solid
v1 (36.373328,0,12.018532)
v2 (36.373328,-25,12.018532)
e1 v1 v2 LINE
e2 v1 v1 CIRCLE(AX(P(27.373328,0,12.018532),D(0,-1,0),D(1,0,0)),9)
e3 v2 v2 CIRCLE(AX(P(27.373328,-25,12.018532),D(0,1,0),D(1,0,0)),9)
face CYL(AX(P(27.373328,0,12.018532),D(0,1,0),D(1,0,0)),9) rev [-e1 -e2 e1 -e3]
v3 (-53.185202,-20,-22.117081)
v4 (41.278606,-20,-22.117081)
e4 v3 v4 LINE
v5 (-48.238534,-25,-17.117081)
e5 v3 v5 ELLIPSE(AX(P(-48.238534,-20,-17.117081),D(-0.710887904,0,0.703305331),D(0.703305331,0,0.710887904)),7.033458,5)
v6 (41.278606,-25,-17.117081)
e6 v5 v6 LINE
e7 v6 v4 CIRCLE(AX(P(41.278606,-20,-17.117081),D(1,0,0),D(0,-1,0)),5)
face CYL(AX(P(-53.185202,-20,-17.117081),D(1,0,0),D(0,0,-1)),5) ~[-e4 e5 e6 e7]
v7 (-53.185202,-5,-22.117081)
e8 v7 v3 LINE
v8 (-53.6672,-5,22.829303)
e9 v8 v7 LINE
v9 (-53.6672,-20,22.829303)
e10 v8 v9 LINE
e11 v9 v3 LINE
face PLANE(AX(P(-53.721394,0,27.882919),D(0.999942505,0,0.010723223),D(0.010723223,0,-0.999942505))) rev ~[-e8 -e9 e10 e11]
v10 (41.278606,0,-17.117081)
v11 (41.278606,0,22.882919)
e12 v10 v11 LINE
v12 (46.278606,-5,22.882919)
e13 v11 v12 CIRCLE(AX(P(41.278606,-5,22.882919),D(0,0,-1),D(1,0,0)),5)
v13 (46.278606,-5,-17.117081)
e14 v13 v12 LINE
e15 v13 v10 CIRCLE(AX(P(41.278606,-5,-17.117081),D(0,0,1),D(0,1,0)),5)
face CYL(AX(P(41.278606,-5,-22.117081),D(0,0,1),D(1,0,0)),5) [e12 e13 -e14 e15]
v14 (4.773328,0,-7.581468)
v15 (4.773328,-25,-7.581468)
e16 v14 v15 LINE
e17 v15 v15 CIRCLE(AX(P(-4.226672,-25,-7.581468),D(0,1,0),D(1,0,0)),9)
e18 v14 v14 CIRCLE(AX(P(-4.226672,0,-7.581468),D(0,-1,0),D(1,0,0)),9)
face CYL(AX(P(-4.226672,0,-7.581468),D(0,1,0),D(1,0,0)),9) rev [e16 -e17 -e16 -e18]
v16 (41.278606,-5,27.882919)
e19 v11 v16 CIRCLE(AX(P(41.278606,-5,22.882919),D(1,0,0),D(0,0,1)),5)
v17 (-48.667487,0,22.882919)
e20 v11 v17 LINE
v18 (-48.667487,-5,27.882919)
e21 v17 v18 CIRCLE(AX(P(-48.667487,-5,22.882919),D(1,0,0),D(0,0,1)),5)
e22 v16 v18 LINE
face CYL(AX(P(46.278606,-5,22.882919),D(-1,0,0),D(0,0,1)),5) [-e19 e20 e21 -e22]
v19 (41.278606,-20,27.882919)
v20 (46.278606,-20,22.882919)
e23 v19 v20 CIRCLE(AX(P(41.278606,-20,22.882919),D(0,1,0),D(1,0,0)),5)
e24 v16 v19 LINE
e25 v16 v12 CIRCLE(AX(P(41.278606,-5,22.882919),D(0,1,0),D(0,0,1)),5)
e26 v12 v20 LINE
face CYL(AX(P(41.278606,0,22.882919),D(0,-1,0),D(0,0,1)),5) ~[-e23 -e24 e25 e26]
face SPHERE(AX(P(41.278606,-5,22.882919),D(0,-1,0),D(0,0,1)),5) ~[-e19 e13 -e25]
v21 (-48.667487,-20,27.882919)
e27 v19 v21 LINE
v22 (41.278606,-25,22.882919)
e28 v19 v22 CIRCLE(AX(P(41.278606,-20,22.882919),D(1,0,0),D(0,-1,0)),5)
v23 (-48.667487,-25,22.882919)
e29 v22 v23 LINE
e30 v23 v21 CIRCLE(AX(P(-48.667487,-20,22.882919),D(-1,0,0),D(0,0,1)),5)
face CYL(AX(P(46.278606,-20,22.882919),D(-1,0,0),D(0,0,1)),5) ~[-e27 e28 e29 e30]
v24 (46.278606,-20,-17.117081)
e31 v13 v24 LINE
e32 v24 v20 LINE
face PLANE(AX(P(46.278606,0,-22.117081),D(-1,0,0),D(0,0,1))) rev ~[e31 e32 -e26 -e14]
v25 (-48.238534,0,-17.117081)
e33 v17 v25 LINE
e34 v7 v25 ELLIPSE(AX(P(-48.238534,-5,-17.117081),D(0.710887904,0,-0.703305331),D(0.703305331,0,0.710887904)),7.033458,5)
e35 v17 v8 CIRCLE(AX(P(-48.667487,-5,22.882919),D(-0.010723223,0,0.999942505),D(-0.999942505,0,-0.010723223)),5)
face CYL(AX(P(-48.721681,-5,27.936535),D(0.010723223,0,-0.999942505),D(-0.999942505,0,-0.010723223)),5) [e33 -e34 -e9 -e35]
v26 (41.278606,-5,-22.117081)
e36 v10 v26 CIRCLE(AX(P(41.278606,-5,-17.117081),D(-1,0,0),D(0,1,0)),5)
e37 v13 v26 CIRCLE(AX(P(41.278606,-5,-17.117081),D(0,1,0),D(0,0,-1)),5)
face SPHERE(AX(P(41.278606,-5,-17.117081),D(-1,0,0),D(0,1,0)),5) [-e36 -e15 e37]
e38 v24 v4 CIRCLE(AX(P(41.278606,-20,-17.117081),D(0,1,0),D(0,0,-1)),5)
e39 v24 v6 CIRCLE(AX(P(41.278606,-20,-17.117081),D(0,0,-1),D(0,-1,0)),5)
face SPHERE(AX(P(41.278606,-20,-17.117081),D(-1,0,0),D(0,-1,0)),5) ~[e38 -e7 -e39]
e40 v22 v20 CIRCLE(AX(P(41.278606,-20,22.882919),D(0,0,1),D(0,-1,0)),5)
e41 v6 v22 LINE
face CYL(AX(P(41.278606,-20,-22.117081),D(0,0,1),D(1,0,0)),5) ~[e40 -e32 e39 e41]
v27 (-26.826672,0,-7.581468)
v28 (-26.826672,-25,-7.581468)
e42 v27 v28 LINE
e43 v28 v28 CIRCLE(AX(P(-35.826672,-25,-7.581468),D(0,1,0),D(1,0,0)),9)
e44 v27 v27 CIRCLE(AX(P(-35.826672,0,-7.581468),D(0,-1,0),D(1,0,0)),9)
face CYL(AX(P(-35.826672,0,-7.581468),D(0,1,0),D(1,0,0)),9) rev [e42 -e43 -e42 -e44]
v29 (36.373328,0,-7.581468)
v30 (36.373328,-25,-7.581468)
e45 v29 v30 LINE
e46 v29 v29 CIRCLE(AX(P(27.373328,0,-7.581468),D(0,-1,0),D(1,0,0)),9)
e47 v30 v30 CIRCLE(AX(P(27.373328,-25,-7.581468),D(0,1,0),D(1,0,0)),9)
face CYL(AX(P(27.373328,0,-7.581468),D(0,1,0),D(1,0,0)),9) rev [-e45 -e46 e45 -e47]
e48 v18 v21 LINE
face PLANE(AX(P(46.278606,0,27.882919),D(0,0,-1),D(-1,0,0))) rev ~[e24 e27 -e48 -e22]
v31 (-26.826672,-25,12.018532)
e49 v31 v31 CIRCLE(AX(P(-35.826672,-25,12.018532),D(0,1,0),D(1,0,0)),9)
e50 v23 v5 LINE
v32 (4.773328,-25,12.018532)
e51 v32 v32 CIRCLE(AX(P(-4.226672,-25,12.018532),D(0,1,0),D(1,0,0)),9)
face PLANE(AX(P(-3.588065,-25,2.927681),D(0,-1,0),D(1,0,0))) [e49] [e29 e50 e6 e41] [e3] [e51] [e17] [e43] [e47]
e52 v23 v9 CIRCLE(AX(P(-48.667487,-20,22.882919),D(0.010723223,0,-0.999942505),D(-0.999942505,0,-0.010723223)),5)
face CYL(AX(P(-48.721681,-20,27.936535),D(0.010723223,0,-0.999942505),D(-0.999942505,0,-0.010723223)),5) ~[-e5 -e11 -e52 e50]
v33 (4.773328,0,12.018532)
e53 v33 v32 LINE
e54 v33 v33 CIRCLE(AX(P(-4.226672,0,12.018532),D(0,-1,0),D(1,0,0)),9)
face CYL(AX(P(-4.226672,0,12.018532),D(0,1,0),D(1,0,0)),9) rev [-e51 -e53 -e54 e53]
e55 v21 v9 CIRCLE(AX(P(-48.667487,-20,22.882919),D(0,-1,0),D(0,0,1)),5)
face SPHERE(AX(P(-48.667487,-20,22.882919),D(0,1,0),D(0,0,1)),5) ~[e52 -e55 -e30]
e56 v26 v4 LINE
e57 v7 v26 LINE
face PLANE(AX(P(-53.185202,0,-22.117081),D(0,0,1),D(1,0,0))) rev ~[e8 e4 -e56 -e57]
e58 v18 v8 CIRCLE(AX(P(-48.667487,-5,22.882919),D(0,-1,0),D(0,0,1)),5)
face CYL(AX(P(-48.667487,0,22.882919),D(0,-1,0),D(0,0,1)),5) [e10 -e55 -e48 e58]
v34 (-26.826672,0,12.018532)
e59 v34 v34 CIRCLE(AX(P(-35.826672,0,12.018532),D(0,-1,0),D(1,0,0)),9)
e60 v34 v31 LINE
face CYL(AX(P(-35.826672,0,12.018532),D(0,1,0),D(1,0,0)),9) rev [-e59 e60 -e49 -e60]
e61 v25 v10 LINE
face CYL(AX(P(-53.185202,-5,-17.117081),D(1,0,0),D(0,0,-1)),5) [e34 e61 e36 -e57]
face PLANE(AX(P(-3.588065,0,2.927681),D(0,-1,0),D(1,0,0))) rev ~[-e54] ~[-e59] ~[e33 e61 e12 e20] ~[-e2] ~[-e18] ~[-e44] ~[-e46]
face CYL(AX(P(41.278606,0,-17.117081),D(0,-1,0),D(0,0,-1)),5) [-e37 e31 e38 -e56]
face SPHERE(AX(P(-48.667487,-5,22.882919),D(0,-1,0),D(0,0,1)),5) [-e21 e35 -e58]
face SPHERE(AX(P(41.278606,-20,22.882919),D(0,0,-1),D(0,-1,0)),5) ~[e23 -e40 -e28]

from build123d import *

# Parameters (mm, degrees)
F1_DEPTH = 25
F2_R     = 5
F3_R     = 9
F4_DEPTH = 25.001


with BuildPart() as f1:
    # F0 (on Front) → F1 (new body)
    with BuildSketch(Plane.XZ):
        Polygon((46.278606, 27.882919), (-53.721394, 27.882919), (-53.185202, -22.117081), (46.278606, -22.117081), align=None)
    extrude(amount=F1_DEPTH)

    # F2
    f2_edges = [f1.edges().sort_by_distance(p)[0] for p in [
        (-3.453298, 0, -22.117081),
        (-3.453298, -25, -22.117081),
        (46.278606, -25, 2.882919),
        (-3.721394, -25, 27.882919),
        (-53.453298, -25, 2.882919),
        (46.278606, -12.5, 27.882919),
        (-53.721394, -12.5, 27.882919),
        (-3.721394, 0, 27.882919),
        (46.278606, 0, 2.882919),
        (-53.453298, 0, 2.882919),
        (46.278606, -12.5, -22.117081),
    ]]
    fillet(f2_edges, radius=F2_R)

    # F3 (on Front) → F4 (cut, through all)
    with BuildSketch(Plane.XZ):
        with Locations((-35.826672, 12.018532)):
            Circle(F3_R)
        with Locations((-35.826672, -7.581468)):
            Circle(F3_R)
        with Locations((-4.226672, 12.018532)):
            Circle(F3_R)
        with Locations((-4.226672, -7.581468)):
            Circle(F3_R)
        with Locations((27.373328, 12.018532)):
            Circle(F3_R)
        with Locations((27.373328, -7.581468)):
            Circle(F3_R)
    extrude(amount=F4_DEPTH, mode=Mode.SUBTRACT)


solid = f1.part
